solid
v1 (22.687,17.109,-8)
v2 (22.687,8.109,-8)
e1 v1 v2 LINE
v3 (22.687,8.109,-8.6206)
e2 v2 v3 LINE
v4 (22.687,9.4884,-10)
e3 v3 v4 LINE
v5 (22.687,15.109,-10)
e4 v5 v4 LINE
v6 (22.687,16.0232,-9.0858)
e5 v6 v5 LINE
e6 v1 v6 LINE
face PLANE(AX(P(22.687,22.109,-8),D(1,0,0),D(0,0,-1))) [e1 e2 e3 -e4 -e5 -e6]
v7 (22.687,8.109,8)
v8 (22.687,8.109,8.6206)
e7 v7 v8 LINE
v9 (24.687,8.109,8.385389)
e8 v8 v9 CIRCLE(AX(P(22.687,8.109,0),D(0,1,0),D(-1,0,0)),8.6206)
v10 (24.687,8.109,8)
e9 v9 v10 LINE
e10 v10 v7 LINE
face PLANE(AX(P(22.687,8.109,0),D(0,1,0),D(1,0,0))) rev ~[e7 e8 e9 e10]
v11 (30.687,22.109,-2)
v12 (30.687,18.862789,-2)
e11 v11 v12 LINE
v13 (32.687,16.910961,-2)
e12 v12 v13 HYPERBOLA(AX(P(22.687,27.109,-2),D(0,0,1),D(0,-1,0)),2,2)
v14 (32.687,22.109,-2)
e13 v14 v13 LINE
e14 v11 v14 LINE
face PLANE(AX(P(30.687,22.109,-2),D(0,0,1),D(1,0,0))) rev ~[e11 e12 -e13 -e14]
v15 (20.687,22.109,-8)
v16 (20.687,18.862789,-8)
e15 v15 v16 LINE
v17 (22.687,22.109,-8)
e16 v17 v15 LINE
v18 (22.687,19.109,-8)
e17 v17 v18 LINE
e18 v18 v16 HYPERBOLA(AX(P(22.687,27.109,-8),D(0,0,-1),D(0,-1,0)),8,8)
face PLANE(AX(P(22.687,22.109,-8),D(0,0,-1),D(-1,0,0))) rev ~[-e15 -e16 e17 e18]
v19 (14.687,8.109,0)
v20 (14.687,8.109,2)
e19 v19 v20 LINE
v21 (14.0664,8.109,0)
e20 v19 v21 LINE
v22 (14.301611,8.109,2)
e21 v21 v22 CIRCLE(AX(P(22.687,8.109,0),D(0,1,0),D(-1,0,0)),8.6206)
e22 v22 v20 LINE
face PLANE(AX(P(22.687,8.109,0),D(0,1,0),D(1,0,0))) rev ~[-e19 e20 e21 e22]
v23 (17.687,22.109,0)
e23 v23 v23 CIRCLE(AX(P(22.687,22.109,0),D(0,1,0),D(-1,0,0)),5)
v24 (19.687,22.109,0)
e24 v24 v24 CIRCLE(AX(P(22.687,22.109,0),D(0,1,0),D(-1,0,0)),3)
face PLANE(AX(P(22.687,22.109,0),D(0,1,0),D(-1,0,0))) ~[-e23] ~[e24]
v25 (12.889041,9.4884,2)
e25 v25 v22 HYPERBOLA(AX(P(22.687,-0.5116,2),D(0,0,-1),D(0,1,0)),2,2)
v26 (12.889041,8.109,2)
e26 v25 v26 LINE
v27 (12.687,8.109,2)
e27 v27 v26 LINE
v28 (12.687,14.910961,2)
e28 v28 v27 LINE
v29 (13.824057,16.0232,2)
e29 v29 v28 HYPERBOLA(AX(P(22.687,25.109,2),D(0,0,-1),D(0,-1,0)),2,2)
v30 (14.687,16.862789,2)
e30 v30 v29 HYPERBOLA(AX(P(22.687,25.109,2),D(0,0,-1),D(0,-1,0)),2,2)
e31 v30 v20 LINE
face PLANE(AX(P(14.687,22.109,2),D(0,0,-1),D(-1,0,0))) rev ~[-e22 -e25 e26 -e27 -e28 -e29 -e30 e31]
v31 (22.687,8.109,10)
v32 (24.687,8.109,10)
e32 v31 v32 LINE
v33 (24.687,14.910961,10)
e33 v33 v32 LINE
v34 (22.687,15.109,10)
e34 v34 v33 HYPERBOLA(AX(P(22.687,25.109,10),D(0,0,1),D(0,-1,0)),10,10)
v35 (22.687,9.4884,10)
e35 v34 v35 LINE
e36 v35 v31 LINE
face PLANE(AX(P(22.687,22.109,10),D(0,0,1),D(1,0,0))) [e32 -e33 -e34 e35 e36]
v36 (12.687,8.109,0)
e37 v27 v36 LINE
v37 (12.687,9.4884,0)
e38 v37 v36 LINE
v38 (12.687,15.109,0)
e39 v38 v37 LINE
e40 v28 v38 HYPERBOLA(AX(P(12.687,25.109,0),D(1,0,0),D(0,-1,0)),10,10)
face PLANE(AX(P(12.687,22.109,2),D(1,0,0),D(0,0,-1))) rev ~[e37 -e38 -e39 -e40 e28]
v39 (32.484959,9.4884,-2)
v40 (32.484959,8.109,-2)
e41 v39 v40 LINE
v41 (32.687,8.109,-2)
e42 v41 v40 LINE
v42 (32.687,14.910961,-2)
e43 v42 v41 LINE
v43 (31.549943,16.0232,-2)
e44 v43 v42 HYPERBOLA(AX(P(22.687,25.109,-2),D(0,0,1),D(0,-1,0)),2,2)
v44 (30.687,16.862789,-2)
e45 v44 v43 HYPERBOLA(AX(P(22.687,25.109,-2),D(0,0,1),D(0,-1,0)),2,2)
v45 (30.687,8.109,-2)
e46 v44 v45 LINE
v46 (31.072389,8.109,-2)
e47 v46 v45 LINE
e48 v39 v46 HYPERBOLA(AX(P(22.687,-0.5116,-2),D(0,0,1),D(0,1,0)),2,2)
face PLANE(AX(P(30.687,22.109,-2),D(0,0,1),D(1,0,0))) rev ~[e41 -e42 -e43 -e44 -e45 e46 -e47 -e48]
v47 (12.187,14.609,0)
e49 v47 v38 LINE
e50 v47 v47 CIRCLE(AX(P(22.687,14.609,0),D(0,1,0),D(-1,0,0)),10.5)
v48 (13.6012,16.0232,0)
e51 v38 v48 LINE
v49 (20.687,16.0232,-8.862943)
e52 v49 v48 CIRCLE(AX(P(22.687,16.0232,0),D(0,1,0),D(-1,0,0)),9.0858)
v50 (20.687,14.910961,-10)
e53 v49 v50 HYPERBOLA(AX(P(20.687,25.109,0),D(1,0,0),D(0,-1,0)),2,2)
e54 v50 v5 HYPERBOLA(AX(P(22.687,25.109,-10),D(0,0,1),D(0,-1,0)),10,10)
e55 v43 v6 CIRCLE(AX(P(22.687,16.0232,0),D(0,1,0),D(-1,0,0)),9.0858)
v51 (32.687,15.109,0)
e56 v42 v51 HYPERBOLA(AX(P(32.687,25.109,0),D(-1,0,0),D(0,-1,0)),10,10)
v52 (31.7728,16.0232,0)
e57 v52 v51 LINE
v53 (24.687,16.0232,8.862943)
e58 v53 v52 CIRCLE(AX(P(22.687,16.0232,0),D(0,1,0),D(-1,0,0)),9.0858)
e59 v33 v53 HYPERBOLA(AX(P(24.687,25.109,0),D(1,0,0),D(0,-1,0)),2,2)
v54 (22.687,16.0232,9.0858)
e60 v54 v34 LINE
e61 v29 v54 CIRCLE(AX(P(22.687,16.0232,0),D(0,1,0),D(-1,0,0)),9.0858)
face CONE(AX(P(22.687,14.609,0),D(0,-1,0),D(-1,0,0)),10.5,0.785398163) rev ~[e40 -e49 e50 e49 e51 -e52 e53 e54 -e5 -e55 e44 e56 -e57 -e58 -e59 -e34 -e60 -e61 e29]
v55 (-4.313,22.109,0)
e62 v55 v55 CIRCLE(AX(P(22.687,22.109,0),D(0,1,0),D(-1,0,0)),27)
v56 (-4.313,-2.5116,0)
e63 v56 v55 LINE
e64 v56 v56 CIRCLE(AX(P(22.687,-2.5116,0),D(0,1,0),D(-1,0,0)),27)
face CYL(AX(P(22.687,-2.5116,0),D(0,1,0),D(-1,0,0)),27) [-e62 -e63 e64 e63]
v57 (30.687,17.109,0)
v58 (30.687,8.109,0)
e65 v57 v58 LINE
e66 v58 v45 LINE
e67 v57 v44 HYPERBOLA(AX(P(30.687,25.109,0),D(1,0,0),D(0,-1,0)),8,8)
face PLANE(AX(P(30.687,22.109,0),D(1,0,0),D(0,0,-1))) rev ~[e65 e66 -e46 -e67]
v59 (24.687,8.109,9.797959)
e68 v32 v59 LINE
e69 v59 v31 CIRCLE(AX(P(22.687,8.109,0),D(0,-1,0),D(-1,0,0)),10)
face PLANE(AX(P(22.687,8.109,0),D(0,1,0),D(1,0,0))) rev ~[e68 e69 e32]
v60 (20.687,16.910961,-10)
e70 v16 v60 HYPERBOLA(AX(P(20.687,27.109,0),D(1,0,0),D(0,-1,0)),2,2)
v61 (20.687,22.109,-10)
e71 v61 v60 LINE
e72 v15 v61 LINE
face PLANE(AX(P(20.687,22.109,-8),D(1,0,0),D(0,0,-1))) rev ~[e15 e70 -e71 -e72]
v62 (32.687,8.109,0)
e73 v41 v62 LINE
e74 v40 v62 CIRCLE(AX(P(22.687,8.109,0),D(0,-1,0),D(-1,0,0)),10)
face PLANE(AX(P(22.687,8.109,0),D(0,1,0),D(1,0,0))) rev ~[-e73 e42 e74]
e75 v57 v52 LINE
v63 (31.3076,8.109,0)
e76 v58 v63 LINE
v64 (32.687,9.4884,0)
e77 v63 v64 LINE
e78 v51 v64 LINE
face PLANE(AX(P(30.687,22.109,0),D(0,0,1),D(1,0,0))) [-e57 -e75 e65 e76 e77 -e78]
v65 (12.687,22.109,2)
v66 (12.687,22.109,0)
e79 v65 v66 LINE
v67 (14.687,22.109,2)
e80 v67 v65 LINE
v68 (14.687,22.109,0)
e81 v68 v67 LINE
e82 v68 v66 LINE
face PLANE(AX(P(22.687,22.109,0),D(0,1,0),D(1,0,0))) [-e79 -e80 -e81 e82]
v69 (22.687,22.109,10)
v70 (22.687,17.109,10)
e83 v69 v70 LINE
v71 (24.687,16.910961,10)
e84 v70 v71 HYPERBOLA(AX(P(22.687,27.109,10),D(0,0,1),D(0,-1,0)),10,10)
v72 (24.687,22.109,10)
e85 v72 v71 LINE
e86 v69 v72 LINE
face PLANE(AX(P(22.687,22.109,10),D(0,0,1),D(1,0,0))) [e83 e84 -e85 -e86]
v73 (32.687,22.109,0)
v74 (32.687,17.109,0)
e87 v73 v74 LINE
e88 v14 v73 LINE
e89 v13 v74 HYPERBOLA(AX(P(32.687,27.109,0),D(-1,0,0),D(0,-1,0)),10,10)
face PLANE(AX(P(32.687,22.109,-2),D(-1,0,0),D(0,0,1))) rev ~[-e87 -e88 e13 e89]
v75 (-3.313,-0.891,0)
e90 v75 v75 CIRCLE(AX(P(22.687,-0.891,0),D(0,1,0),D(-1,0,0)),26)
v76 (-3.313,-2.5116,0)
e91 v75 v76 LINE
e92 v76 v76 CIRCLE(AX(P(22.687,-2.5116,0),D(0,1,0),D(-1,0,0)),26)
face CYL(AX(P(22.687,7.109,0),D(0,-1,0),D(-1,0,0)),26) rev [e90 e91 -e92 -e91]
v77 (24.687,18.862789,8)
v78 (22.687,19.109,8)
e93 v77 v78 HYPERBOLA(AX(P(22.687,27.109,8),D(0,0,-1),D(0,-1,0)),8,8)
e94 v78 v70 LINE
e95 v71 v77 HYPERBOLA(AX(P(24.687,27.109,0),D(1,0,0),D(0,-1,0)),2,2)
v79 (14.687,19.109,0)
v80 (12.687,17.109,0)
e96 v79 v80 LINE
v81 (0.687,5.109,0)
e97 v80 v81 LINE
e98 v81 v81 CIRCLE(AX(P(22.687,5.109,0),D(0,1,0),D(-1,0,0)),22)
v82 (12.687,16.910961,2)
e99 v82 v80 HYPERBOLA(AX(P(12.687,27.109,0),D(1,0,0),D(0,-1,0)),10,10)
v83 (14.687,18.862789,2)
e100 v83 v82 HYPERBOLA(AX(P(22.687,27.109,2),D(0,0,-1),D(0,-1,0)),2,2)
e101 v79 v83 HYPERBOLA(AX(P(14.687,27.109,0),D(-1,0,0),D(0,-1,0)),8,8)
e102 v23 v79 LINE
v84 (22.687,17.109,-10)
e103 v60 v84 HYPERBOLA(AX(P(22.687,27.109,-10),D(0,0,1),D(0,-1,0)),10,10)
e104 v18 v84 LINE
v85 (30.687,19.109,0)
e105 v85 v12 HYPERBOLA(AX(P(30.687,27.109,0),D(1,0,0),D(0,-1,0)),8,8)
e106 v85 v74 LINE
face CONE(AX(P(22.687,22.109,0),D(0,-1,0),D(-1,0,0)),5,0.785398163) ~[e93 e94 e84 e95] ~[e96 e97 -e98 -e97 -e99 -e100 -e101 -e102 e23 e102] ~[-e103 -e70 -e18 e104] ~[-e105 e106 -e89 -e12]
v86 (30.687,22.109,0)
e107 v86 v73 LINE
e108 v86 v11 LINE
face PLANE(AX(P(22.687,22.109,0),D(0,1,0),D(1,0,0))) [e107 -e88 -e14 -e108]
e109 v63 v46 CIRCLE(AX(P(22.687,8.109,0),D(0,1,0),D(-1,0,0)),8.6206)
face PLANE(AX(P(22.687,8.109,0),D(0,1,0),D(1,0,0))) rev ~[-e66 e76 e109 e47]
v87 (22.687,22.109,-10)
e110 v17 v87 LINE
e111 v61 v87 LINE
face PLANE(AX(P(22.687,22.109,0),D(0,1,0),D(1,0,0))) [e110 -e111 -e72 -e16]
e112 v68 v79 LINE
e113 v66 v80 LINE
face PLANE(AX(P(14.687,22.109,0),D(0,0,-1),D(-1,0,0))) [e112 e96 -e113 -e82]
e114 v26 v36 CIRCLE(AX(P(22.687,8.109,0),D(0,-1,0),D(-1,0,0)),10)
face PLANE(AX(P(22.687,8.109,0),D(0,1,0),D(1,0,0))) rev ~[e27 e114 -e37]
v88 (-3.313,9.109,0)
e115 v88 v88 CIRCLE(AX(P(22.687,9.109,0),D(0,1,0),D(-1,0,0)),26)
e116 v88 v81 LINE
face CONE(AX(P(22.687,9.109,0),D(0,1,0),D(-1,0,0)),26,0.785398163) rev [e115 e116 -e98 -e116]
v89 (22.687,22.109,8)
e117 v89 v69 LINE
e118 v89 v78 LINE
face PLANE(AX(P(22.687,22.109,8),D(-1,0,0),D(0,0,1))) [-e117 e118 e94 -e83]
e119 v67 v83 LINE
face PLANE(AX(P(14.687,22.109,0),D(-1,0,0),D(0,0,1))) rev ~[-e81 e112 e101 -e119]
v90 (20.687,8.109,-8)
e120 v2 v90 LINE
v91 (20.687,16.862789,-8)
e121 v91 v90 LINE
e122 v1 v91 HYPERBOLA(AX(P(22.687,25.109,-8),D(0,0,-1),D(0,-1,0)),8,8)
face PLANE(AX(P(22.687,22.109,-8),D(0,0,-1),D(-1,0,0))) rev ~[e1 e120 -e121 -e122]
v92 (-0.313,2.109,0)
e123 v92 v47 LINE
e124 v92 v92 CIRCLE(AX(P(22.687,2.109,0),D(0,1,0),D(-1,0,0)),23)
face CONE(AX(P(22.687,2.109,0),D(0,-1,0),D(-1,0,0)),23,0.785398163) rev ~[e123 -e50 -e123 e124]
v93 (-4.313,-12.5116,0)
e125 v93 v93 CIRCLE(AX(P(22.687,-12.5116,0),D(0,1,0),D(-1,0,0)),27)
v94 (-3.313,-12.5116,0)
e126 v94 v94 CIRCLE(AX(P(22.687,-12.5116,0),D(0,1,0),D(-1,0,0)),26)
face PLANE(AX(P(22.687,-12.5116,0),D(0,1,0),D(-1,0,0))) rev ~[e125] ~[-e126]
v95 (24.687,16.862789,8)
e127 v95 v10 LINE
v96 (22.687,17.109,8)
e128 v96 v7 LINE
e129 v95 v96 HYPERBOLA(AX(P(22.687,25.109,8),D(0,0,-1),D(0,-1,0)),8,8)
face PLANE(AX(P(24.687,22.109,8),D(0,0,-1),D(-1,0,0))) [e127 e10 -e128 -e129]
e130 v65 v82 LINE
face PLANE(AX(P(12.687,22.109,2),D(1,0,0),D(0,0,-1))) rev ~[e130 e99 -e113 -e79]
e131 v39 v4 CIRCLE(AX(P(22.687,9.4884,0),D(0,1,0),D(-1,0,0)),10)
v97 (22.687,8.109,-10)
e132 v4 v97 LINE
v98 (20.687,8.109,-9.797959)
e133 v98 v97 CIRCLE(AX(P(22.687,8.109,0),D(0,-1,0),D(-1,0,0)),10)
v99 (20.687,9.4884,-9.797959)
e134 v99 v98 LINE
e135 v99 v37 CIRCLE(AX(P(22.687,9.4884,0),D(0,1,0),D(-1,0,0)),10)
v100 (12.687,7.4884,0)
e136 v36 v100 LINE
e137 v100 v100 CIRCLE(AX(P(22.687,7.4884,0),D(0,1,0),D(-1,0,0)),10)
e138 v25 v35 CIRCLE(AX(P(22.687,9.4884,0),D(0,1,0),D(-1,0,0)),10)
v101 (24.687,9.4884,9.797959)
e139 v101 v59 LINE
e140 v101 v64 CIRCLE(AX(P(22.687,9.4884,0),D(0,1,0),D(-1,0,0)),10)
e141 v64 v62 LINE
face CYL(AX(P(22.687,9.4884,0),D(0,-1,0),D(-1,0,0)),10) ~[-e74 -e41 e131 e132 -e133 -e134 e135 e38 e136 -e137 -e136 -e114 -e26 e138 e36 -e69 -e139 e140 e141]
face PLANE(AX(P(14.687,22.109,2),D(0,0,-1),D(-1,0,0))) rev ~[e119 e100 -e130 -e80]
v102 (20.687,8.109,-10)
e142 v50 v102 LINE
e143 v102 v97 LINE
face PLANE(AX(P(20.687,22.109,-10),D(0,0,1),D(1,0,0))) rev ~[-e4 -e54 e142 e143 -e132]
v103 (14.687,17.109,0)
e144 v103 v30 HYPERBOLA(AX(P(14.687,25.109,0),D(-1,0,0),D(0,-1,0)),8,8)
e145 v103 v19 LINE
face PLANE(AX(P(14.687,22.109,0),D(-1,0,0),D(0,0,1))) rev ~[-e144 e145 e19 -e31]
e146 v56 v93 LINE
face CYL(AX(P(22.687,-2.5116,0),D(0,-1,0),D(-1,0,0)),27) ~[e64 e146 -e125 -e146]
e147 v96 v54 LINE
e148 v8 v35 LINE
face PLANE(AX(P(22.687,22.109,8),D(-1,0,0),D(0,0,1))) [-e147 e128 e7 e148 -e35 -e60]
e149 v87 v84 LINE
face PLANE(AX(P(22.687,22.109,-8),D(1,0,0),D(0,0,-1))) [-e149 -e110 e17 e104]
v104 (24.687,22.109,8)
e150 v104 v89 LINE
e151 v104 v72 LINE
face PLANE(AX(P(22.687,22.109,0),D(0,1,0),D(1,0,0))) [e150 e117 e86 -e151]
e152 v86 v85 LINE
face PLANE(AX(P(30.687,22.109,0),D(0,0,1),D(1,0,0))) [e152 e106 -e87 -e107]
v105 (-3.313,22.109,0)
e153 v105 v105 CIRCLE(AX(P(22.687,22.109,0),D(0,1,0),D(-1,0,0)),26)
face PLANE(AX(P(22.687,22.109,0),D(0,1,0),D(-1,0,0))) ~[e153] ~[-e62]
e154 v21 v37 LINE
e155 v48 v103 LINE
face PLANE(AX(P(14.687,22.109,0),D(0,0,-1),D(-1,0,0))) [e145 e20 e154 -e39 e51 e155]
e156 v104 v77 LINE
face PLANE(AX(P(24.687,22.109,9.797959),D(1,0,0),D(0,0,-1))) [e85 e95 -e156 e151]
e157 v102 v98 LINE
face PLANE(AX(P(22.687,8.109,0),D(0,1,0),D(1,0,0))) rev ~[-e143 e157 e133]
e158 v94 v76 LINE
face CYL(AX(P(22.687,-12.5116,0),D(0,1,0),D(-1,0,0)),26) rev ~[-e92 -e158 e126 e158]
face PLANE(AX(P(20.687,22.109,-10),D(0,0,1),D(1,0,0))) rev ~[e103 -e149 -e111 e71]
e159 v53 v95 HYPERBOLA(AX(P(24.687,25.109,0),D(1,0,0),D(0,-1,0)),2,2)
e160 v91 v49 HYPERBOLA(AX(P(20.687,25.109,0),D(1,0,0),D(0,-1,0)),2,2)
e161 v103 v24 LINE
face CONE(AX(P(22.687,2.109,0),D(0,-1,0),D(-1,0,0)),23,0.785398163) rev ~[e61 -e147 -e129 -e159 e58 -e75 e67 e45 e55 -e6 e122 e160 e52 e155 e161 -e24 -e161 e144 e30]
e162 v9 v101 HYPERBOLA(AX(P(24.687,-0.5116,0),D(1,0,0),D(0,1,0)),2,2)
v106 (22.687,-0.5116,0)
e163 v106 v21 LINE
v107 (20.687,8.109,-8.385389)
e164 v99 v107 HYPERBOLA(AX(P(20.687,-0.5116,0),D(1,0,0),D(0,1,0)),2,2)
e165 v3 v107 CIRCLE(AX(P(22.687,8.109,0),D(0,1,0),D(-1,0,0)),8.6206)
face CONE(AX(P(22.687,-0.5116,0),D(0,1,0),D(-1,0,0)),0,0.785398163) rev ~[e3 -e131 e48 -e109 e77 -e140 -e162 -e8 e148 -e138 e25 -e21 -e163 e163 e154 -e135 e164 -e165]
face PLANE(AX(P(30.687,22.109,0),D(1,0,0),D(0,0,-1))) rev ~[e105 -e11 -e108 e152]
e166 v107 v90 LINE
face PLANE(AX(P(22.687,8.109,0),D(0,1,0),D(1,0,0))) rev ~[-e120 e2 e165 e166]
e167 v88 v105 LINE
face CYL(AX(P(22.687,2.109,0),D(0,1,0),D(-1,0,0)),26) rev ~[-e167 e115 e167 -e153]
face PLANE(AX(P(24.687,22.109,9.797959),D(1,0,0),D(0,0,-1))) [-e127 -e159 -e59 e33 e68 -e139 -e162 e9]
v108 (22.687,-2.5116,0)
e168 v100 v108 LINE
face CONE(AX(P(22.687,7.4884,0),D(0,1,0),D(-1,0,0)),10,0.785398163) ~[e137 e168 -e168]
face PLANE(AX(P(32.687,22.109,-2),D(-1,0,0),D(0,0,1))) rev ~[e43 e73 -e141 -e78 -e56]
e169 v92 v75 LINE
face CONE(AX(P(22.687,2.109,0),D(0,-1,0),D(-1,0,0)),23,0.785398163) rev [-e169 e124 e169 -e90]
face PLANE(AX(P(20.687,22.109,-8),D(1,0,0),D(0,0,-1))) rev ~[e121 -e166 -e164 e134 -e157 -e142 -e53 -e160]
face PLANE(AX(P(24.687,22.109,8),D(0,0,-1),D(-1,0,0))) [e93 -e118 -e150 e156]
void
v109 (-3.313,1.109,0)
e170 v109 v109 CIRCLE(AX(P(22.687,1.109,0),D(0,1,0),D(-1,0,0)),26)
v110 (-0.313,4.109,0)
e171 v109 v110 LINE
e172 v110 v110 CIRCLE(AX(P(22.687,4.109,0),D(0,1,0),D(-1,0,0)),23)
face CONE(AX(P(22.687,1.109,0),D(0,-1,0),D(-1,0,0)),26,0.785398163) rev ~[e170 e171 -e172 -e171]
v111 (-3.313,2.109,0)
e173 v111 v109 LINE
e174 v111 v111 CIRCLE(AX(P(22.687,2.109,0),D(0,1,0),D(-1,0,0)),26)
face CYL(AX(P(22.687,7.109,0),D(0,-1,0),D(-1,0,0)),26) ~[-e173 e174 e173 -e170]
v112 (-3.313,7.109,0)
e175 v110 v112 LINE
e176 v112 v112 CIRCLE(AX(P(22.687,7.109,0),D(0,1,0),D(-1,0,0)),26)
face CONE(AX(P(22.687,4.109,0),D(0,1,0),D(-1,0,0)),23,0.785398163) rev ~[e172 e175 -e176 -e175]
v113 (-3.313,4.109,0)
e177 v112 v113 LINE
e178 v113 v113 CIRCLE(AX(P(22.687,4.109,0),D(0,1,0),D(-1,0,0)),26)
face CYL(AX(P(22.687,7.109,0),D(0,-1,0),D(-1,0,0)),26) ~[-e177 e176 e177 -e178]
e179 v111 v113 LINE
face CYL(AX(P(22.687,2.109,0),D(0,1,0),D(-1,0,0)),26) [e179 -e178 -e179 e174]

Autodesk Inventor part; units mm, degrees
ref_plane "YZ Plane" through (0, 0, 0) normal (1, 0, 0) x (0, 1, 0)
ref_plane "XZ Plane" through (0, 0, 0) normal (0, 1, 0) x (-1, 0, 0)
ref_plane "XY Plane" through (0, 0, 0) normal (0, 0, 1) x (1, 0, 0)
sketch "Sketch1" plane through (0, 0, 0) normal (0, 0, 1) x (1, 0, 0)
  line L0 (-3.313, 2.109) -> (-3.313, 22.109)
  line L1 (-3.313, 4.109) -> (-3.313, 2.109)
  line L2 (22.687, -0.5116) -> (12.687, 9.4884)
  line L3 (12.687, 9.4884) -> (12.687, 7.4884)
  line L4 (12.687, 7.4884) -> (22.687, -2.5116)
  line L5 (22.687, -2.5116) -> (22.687, -0.5116)
  line L6 (-0.313, 2.109) -> (19.687, 22.109)
  line L7 (19.687, 22.109) -> (17.687, 22.109)
  line L8 (17.687, 22.109) -> (-0.313, 4.109)
  line L9 (12.187, 14.609) -> (13.6012, 16.0232)
  line L10 (-0.313, 2.109) -> (19.687, 22.109)
  line L11 (17.687, 22.109) -> (-0.313, 4.109)
  line L12 (-0.313, 4.109) -> (-0.313, 2.109)
  line L13 (19.687, 22.109) -> (17.687, 22.109)
  line L14 (-0.313, 4.109) -> (-0.313, 2.109)
  line L15 (-0.313, 2.109) -> (19.687, 22.109)
  line L16 (17.687, 22.109) -> (-0.313, 4.109)
  line L17 (-0.313, 4.109) -> (-3.313, 7.109)
  line L18 (-3.313, 22.109) -> (-4.313, 22.109)
  line L19 (-3.313, 7.109) -> (-3.313, 9.109)
  line L20 (-3.313, 9.109) -> (0.687, 5.109)
  line L21 (-3.313, 7.109) -> (-3.313, -2.5116)
  line L22 (-4.313, -2.5116) -> (-4.313, 22.109)
  line L23 (-3.313, 22.109) -> (-3.313, 9.109)
  line L24 (-4.313, -2.5116) -> (-3.313, -2.5116)
  line L25 (-4.313, -2.5116) -> (-4.313, -12.5116)
  line L26 (-4.313, -12.5116) -> (-3.313, -12.5116)
  line L27 (-3.313, -12.5116) -> (-3.313, -2.5116)
  line L28 (-0.313, 2.109) -> (-3.313, -0.891)
  line L29 (-3.313, 1.109) -> (-0.313, 4.109)
  dimension "d20" = 2
  dimension "d21" = 2
  dimension "d50" = 1
  dimension "d67" = 23
  dimension "d69" = 2
  dimension "d71" = 10
revolve "Revolution4" add sketch "Sketch1" angle 360 about axis through (22.687, -2.5116, 0) along (0, 1, 0) contours L8 L7 L6 L12
sketch "Sketch2" plane through (22.687, 22.109, 0) normal (0, 1, 0) x (1, 0, 0)
  circle A0 centre (0, 0) radius 3 projected
  circle A1 centre (0, 0) radius 10
  line L0 (0, 0) -> (10, 0)
  circle A2 centre (0, 0) radius 10 projected
  line L1 (0, 0) -> (0, -10)
  line L2 (0, 0) -> (0, -10)
  line L3 (0, 0) -> (-10, 0)
  line L4 (0, 0) -> (0, 10)
  line L5 (0, -8) -> (0, -10)
  line L6 (0, -8) -> (0, -10)
  line L7 (10, 0) -> (8, 0)
  line L8 (8, 0) -> (8, 2)
  line L9 (8, 2) -> (10, 2)
  line L10 (10, 2) -> (10, 0)
  line L11 (0, 8) -> (0, 10)
  line L12 (-10, 0) -> (-8, 0)
  line L13 (-8, 0) -> (-8, -2)
  line L14 (-8, -2) -> (-10, -2)
  line L15 (-10, -2) -> (-10, 0)
  line L16 (0, 8) -> (0, 10)
  line L17 (0, 8) -> (-2, 8)
  line L18 (-2, 8) -> (-2, 10)
  line L19 (-2, 10) -> (0, 10)
  line L20 (0, 10) -> (0, 8)
  line L21 (0, -10) -> (2, -10)
  line L22 (2, -10) -> (2, -8)
  line L23 (2, -8) -> (0, -8)
  line L24 (0, -8) -> (0, -10)
  point P0 (-22.687, 0)
  dimension "d29" = 20
  dimension "d34" = 2
  dimension "d35" = 2
  dimension "d54" = 2
  dimension "d56" = 2
  dimension "d57" = 2
revolve "Revolution10" add sketch "Sketch1" angle 360 about axis through (22.687, -2.5116, 0) along (0, 1, 0) contours L5 L4 L3 L2
extrude "Extrusion5" add sketch "Sketch2" against normal blind 14 contours L17 L18 A1 L4 | A1 L18 L19
extrude "Extrusion6" add sketch "Sketch2" against normal blind 14 contours L23 L22 A1 L1 | A1 L22 L21
extrude "Extrusion7" add sketch "Sketch2" against normal blind 14 contours L13 L14 A1 L3 | A1 L14 L15
extrude "Extrusion8" add sketch "Sketch2" against normal blind 14 contours L8 L9 A1 L0 | A1 L9 L10
revolve "Revolution11" add sketch "Sketch1" angle 360 about axis through (22.687, -2.5116, 0) along (0, 1, 0) contours L21 L24 L22 L18 L0 | L0 L20 L8 L17
sketch "Sketch3" plane through (22.687, -2.5116, 0) normal (0, -1, 0) x (1, 0, 0)
  point P0 (-22.687, 0)
revolve "Revolution12" add sketch "Sketch1" angle 360 about axis through (22.687, -2.5116, 0) along (0, 1, 0) contours L21 L24 L22 L18 L0 | L29 L12 L28 L21 | L27 L26 L25 L24
properties part number "flyflipfunnel"
